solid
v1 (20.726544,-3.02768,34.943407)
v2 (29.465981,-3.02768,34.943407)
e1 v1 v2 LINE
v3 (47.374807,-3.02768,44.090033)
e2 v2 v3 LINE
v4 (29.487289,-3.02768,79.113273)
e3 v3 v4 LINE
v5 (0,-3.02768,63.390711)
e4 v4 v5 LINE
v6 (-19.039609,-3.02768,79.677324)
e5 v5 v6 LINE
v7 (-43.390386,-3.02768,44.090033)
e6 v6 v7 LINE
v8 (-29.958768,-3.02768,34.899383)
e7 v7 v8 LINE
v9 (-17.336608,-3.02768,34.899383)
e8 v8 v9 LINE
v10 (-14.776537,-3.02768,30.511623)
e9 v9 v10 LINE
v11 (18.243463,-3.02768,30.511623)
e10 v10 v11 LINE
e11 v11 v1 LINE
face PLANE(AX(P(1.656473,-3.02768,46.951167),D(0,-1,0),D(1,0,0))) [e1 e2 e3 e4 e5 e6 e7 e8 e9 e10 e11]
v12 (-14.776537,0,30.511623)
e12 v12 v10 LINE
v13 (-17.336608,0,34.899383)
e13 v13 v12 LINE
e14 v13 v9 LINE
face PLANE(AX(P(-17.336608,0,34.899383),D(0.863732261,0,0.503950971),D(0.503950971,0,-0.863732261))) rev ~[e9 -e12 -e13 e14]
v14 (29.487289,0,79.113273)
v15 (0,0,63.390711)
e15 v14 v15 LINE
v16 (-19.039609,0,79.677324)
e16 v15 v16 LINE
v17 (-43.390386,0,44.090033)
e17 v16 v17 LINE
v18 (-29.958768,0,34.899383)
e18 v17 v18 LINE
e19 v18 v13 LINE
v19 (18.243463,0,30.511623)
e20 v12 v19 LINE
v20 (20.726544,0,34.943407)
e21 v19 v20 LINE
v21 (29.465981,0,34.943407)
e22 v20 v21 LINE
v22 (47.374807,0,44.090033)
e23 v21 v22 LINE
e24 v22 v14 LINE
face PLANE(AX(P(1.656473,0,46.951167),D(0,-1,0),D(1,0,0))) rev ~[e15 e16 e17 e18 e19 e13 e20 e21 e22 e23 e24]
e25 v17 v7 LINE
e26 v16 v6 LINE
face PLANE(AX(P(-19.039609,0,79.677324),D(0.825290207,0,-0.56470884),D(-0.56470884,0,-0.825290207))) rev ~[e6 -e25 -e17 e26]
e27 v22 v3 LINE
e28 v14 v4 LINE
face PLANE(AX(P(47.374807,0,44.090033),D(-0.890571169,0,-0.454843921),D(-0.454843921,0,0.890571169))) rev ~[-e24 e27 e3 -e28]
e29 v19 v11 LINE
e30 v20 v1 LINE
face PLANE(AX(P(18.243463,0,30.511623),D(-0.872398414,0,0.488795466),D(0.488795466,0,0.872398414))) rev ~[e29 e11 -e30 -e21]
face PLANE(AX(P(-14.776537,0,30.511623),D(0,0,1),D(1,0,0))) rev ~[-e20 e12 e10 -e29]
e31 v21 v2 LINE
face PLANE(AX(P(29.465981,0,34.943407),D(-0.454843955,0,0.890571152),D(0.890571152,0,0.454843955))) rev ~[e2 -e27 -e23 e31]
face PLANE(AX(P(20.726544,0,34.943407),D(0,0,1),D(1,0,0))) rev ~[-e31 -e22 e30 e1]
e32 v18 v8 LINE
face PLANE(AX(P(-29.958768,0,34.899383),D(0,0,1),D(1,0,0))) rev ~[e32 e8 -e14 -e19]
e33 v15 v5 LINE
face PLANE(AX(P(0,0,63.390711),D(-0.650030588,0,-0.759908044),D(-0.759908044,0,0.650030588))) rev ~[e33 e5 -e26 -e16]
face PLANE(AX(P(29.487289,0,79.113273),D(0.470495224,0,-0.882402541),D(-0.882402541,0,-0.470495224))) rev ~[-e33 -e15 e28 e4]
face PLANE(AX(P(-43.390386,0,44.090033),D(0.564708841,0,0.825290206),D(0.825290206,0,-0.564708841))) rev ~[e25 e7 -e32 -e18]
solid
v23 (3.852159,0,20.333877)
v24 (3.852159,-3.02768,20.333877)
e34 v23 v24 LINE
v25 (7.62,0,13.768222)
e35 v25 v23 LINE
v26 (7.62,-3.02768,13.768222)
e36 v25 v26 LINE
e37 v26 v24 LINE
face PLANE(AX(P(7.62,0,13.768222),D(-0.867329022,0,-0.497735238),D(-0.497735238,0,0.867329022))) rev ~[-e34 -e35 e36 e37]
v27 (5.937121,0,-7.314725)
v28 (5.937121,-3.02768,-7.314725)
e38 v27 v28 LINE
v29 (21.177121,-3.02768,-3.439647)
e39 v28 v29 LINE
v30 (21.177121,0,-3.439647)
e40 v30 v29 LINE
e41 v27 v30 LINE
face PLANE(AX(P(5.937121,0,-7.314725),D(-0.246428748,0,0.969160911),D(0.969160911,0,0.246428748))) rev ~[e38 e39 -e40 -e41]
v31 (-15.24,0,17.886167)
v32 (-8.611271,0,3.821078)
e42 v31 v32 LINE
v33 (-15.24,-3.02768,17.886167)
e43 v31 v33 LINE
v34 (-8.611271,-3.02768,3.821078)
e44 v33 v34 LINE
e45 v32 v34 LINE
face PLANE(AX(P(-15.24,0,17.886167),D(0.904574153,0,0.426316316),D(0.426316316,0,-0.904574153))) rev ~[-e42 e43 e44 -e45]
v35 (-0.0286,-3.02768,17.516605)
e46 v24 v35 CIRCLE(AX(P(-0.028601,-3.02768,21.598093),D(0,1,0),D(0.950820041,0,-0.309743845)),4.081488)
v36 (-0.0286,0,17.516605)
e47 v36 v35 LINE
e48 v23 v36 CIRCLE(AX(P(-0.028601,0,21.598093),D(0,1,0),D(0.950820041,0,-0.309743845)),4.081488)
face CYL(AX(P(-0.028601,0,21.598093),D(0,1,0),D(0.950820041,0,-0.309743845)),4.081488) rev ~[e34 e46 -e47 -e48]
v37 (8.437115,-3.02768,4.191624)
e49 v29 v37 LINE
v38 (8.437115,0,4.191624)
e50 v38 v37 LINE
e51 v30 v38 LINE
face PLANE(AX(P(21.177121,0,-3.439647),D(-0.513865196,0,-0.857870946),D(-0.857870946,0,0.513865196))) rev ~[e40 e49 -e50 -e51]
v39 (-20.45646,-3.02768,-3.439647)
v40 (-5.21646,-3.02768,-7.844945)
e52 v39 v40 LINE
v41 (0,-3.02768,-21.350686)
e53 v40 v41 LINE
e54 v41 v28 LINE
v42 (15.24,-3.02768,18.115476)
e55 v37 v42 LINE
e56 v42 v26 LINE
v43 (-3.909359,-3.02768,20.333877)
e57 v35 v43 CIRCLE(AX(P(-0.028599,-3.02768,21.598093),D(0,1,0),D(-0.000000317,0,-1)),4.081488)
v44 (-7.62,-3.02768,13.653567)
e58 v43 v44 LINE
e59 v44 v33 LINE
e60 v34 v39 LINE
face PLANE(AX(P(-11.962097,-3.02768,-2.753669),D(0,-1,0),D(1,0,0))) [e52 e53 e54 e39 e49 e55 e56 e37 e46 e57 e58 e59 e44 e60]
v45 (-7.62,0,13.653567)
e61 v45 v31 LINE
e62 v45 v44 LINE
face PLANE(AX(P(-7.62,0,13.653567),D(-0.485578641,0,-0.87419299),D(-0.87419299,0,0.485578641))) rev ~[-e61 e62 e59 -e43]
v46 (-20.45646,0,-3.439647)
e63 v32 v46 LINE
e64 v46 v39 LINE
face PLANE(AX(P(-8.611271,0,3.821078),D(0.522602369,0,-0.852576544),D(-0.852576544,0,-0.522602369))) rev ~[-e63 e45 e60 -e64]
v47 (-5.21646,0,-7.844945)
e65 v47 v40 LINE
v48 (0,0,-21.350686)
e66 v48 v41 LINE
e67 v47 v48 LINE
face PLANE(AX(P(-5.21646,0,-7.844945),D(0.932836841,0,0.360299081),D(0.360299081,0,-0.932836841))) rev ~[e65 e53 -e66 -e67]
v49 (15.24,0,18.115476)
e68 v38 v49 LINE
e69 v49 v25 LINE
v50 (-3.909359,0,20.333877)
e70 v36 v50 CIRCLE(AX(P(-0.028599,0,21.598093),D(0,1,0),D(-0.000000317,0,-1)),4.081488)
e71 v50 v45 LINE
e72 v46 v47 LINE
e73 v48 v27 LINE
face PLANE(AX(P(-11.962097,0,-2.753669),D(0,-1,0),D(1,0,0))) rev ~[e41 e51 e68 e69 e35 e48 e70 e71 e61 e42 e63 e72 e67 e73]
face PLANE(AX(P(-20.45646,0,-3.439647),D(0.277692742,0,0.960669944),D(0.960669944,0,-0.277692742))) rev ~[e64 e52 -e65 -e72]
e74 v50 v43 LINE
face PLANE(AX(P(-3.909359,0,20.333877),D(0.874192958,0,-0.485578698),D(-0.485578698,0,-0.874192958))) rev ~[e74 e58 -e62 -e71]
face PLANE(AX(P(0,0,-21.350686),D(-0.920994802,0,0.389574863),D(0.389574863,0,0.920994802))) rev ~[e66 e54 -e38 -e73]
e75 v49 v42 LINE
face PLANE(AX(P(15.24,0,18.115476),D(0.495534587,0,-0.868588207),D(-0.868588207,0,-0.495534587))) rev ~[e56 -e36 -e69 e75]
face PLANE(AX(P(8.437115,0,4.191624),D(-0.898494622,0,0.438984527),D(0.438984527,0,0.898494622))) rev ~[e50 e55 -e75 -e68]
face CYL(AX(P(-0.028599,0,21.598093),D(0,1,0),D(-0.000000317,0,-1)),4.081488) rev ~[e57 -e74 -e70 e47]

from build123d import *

# Parameters (mm, degrees)
F0_R     = 8.829839
F1_DEPTH = 3.02768


with BuildPart() as f1:
    # F0 (on Front) → F1 (new body)
    with BuildSketch(Plane.XZ):
        Polygon((-14.776537, 30.511623), (-9.45221, 30.511623), (18.243463, 30.511623), (20.726544, 34.943407), (23.209625, 39.375191), (23.209625, 54.615191), (18.089482, 63.390711), (0, 63.390711), (-14.930518, 63.390711), (-19.896679, 54.527142), (-19.896679, 39.287142), (-17.336608, 34.899383), align=None)
        with BuildLine():
            Line((-20.45646, -3.439647), (-5.21646, -7.844945))
            ThreePointArc((-5.21646, -7.844945), (-9.045748, -2.632311), (-8.611271, 3.821078))
            Line((-8.611271, 3.821078), (-20.45646, -3.439647))
        make_face()
        with BuildLine():
            Line((0, -21.350686), (5.937121, -7.314725))
            ThreePointArc((5.937121, -7.314725), (0.447349, -9.41034), (-5.21646, -7.844945))
            Line((-5.21646, -7.844945), (0, -21.350686))
        make_face()
        with BuildLine():
            ThreePointArc((8.437115, 4.191624), (9.171706, 2.15277), (9.420967, 0))
            ThreePointArc((9.420967, 0), (8.505529, -4.051), (5.937121, -7.314725))
            Line((5.937121, -7.314725), (21.177121, -3.439647))
            Line((21.177121, -3.439647), (8.437115, 4.191624))
        make_face()
        Polygon((23.209625, 39.375191), (20.726544, 34.943407), (29.465981, 34.943407), (47.374807, 44.090033), (29.487289, 79.113273), (0, 63.390711), (18.089482, 63.390711), (23.209625, 54.615191), align=None)
        Polygon((-29.958768, 34.899383), (-17.336608, 34.899383), (-19.896679, 39.287142), (-19.896679, 54.527142), (-14.930518, 63.390711), (0, 63.390711), (-19.039609, 79.677324), (-43.390386, 44.090033), align=None)
        with BuildLine():
            ThreePointArc((0, 9.420967), (4.963137, 8.007614), (8.437115, 4.191624))
            Line((8.437115, 4.191624), (15.24, 18.115476))
            Line((15.24, 18.115476), (7.62, 13.768222))
            Line((7.62, 13.768222), (0, 9.420967))
        make_face()
        with BuildLine():
            ThreePointArc((-8.611271, 3.821078), (-5.13597, 7.897875), (0, 9.420967))
            Line((0, 9.420967), (-7.62, 13.653567))
            Line((-7.62, 13.653567), (-15.24, 17.886167))
            Line((-15.24, 17.886167), (-8.611271, 3.821078))
        make_face()
        with BuildLine():
            Line((-7.62, 13.653567), (0, 9.420967))
            Line((0, 9.420967), (7.62, 13.768222))
            Line((7.62, 13.768222), (3.852159, 20.333877))
            ThreePointArc((3.852159, 20.333877), (2.369176, 18.295184), (-0.0286, 17.516605))
            ThreePointArc((-0.0286, 17.516605), (-2.426376, 18.295184), (-3.909359, 20.333877))
            Line((-3.909359, 20.333877), (-7.62, 13.653567))
        make_face()
        with BuildLine():
            ThreePointArc((5.937121, -7.314725), (8.505529, -4.051), (9.420967, 0))
            ThreePointArc((9.420967, 0), (9.171706, 2.15277), (8.437115, 4.191624))
            ThreePointArc((8.437115, 4.191624), (4.963137, 8.007614), (0, 9.420967))
            ThreePointArc((0, 9.420967), (-5.13597, 7.897875), (-8.611271, 3.821078))
            ThreePointArc((-8.611271, 3.821078), (-9.045748, -2.632311), (-5.21646, -7.844945))
            ThreePointArc((-5.21646, -7.844945), (0.447349, -9.41034), (5.937121, -7.314725))
        make_face()
        Circle(F0_R, mode=Mode.SUBTRACT)
        Circle(F0_R)
    extrude(amount=F1_DEPTH)


solid = f1.part
